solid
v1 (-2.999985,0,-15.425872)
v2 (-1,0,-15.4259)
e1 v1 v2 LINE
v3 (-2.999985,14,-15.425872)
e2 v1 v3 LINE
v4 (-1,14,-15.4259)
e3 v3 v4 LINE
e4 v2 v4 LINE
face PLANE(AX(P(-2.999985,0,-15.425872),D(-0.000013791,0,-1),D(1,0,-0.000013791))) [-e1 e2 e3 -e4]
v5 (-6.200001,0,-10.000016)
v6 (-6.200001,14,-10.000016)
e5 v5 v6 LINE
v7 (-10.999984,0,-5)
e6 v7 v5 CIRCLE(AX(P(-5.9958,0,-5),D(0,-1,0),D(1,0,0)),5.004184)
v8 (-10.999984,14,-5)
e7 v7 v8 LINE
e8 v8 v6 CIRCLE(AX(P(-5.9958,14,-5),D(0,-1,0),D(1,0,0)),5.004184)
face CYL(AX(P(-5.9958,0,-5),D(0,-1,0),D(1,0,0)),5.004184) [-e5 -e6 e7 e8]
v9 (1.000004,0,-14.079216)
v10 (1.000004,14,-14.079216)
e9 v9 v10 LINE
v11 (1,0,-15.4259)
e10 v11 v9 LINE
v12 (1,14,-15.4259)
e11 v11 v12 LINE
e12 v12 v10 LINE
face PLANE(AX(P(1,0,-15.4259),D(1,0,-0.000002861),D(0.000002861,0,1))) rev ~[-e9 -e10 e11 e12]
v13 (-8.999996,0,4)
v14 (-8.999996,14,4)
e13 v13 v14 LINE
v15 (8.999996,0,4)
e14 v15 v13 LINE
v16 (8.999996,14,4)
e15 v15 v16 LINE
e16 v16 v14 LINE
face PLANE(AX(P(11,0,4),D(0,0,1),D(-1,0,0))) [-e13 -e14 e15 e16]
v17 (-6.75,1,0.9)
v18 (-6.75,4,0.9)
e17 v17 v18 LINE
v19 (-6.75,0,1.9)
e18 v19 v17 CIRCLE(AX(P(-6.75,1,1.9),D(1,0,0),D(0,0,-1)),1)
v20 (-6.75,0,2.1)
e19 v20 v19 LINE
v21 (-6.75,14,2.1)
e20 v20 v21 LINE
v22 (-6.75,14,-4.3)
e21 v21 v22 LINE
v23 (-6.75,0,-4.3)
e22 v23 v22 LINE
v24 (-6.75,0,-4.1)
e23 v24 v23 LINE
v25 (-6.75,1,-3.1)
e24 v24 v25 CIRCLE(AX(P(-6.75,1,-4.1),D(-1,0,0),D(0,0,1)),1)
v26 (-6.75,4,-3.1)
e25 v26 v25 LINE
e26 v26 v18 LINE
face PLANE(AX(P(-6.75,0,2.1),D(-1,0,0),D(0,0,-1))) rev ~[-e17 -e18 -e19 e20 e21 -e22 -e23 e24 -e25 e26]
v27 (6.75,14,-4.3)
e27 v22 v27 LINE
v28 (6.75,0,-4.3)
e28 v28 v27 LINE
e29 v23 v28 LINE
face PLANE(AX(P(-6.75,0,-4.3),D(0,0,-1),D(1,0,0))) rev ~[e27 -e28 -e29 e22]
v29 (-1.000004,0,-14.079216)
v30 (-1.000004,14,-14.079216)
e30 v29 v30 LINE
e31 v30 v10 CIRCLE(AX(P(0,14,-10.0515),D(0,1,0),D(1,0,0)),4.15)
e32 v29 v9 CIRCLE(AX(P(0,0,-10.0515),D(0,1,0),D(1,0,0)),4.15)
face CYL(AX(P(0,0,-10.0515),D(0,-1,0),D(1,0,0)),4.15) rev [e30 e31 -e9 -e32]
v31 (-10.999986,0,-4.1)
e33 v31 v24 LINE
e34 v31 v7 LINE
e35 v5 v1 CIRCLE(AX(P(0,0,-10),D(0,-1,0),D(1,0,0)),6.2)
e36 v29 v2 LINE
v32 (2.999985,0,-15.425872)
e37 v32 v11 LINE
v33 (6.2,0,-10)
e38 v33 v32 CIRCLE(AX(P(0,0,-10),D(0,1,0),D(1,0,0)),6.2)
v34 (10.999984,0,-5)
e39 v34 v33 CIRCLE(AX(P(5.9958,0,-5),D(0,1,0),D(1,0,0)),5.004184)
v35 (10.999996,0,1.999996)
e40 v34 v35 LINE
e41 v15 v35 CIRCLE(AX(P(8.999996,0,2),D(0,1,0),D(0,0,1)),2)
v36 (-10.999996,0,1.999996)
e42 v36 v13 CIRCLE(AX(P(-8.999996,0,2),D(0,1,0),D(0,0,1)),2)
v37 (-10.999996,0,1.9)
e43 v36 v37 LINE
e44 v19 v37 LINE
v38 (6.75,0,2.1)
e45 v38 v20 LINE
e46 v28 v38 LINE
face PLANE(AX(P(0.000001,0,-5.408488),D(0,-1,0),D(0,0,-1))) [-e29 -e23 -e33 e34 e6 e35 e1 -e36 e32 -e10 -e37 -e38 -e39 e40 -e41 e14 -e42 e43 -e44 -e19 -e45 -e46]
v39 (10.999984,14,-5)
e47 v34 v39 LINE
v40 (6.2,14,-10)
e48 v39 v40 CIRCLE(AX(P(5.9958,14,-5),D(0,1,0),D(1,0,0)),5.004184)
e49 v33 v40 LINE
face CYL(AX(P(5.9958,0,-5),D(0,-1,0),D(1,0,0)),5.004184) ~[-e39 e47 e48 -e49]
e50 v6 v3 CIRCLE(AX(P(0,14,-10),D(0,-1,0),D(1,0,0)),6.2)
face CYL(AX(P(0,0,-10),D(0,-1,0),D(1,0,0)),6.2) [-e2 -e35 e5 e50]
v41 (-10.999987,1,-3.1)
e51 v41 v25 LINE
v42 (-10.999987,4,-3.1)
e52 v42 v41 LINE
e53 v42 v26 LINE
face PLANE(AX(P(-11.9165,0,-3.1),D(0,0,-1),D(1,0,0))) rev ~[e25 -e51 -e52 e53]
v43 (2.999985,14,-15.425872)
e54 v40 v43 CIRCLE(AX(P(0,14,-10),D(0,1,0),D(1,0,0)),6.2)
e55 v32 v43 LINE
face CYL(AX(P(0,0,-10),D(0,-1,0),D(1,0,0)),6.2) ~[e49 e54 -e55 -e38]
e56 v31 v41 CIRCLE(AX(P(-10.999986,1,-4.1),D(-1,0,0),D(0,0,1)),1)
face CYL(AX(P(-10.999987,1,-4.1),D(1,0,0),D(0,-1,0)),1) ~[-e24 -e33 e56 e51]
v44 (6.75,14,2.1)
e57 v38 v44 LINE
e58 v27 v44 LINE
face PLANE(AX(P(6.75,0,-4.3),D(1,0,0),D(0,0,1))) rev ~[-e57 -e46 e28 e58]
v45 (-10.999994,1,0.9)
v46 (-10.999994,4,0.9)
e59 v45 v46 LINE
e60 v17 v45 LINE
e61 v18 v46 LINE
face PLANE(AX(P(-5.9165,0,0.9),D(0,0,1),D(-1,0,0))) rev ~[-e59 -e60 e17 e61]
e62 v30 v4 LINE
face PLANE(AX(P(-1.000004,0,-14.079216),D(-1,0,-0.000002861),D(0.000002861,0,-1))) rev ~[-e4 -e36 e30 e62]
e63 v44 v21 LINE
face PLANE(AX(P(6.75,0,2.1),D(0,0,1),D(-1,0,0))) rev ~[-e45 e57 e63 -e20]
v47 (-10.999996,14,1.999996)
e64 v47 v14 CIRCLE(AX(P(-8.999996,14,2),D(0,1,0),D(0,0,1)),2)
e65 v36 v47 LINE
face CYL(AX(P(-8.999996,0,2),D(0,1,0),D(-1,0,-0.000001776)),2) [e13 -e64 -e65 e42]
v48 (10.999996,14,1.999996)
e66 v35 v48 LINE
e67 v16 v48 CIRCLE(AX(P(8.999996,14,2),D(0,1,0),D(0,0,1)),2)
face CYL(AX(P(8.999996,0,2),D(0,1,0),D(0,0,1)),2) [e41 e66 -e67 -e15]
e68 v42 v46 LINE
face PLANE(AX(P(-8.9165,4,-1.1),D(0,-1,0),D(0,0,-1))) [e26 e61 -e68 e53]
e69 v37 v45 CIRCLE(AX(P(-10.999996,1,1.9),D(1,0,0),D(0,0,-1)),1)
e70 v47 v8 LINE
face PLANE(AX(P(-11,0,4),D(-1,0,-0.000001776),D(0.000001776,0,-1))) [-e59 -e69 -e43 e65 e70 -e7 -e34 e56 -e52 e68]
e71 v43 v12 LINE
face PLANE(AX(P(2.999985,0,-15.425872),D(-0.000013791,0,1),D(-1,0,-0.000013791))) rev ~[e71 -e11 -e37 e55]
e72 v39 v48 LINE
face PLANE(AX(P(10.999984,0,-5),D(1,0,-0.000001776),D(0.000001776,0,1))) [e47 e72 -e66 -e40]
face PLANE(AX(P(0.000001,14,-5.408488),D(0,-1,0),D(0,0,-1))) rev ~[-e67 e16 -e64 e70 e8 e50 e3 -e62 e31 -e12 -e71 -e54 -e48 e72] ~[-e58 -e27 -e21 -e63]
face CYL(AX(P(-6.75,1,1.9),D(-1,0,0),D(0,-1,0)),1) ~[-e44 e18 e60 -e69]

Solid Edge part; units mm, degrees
sketch "Sketch1" plane through (0, 0, 0) normal (0, -1, 0) x (1, 0, 0)
  line L0 (-6.75, -4.3) -> (6.75, -4.3)
  line L1 (6.75, -4.3) -> (6.75, 2.1)
  line L2 (6.75, 2.1) -> (-6.75, 2.1)
  line L3 (-6.75, 2.1) -> (-6.75, -4.3)
  line L4 (11, -5) -> (11, 4)
  line L5 (11, 4) -> (-11, 4)
  line L6 (-11, 4) -> (-11, -5)
  arc A0 (-11, -5) -> (-6.2, -10) centre (-5.9958, -5) ccw
  line L7 (-3, -15.4259) -> (-1, -15.4259)
  line L8 (-1, -14.0792) -> (-1, -15.4259)
  line L9 (1, -15.4259) -> (1, -14.0792)
  line L10 (3, -15.4259) -> (1, -15.4259)
  arc A1 (6.2, -10) -> (3, -15.4259) centre (0, -10) cw
  arc A2 (11, -5) -> (6.2, -10) centre (5.9958, -5) cw
  arc A3 (-6.2, -10) -> (-3, -15.4259) centre (0, -10) ccw
  arc A4 (-1, -14.0792) -> (1, -14.0792) centre (0, -10.0515) cw
extrude "Protrusion1" add sketch "Sketch1" against normal blind 14
sketch "Sketch2" plane through (0, 0, -5.7129) normal (0, -1, 0) x (1, 0, 0)
  line L0 (-11.9165, 2.6129) -> (-5.9165, 2.6129)
  line L1 (-5.9165, 2.6129) -> (-5.9165, 6.6129)
  line L2 (-5.9165, 6.6129) -> (-11.9165, 6.6129)
  line L3 (-11.9165, 6.6129) -> (-11.9165, 2.6129)
extrude "ExtrudedCutout_2" cut sketch "Sketch2" against normal blind 4
fillet "Round_2" radius 1 2 edges at (-8.875, 0, 0.9) (-8.875, 0, -3.1)
fillet "Round_3" radius 2 2 edges at (-11, 7, 4) (11, 7, 4)
